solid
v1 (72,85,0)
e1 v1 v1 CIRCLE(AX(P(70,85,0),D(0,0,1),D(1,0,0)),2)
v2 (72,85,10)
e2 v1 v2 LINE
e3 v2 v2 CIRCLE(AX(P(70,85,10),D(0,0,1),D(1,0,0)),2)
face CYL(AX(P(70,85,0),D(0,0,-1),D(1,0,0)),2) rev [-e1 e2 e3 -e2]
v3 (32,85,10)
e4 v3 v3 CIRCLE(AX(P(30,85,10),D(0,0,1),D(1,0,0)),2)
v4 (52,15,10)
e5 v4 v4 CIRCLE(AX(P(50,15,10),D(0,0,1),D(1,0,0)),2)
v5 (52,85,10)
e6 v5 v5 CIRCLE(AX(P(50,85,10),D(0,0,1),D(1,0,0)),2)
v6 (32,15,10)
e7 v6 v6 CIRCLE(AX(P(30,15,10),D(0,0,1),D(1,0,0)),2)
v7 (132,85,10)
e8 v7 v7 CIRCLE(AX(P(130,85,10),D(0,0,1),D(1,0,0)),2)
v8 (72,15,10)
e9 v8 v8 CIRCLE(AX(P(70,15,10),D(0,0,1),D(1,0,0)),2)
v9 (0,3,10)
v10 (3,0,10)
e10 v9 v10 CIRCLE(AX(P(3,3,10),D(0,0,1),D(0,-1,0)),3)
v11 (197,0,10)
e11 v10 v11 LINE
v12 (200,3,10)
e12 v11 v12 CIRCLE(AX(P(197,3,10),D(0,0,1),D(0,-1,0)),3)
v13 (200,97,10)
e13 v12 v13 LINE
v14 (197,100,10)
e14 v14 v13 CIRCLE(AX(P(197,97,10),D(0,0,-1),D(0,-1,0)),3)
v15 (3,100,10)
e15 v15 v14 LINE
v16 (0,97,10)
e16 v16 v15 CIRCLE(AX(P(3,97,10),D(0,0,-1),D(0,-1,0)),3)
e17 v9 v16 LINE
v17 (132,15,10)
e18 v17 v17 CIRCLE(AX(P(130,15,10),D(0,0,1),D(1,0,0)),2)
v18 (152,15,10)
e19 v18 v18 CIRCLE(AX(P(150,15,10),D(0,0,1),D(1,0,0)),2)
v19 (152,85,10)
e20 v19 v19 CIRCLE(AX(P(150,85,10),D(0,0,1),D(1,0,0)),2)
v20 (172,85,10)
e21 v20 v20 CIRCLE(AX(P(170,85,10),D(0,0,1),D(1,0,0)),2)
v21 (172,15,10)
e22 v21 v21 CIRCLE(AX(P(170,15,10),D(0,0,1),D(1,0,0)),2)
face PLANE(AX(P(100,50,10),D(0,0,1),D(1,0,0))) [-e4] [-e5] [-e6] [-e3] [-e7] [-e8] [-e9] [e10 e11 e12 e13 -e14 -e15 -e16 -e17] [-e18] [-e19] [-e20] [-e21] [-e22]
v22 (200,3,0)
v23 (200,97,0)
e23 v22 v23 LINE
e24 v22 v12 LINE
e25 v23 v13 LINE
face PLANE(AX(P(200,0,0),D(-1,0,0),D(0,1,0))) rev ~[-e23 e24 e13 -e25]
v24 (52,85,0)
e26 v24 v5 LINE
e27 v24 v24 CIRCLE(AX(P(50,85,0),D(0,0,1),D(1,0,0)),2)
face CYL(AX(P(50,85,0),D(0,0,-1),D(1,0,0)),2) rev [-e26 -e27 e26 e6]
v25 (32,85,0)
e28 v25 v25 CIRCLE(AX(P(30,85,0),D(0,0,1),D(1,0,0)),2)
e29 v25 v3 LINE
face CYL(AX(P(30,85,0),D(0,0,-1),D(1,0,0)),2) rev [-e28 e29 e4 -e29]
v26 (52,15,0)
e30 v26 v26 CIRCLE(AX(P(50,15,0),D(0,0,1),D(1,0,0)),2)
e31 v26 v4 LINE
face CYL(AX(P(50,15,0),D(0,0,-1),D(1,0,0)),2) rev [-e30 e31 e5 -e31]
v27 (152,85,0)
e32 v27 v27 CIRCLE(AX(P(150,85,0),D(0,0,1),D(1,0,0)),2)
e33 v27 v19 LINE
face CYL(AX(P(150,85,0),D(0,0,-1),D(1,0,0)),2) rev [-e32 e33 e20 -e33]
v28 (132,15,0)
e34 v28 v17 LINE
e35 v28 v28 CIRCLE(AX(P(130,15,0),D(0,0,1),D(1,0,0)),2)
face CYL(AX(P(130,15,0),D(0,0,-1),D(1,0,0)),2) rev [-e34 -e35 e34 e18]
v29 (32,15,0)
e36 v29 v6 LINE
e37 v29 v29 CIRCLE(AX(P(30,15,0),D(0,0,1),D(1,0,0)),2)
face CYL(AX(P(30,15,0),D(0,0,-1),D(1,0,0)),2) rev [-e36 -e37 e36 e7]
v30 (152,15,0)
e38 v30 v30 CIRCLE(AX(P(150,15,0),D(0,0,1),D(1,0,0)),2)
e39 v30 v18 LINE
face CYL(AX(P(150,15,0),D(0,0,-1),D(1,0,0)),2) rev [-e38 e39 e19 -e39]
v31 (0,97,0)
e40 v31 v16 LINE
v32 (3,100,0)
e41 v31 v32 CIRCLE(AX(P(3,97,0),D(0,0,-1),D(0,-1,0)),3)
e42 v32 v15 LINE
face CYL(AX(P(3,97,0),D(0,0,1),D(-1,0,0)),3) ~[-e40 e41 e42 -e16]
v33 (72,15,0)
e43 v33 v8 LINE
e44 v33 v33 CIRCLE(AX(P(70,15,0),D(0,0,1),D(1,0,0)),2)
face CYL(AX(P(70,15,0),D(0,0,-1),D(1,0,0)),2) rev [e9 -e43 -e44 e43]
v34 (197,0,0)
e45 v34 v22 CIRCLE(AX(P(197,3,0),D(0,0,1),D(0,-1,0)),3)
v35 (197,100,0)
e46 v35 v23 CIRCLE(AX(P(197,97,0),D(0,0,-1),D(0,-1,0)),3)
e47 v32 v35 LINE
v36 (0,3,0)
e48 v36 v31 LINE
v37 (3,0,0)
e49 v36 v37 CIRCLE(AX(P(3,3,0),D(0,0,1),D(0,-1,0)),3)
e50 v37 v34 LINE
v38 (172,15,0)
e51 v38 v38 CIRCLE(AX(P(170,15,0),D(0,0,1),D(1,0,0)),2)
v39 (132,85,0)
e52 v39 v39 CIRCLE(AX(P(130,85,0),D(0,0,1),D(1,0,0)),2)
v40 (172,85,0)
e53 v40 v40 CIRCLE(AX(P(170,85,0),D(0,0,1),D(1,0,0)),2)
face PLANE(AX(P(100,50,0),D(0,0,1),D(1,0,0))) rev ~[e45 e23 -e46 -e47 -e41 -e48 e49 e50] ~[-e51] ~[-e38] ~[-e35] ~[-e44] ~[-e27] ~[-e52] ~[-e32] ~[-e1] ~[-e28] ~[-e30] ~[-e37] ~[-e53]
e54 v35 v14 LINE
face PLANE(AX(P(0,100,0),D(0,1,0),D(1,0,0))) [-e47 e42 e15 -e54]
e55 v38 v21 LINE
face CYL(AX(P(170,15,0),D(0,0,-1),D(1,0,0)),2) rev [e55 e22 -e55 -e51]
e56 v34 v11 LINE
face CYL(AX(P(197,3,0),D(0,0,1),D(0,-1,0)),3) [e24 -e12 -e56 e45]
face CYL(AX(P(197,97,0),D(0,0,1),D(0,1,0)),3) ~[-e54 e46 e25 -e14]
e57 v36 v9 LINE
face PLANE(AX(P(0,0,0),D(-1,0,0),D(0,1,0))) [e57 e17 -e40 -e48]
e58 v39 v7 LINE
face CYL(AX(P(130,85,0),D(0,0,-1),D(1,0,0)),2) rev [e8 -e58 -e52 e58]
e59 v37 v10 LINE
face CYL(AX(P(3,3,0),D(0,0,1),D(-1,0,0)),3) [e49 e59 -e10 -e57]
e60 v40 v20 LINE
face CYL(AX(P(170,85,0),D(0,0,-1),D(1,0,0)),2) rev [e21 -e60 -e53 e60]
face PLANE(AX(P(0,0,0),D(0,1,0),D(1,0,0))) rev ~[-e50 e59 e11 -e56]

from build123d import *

# Parameters (mm, degrees)
SKETCH_W  = 200
SKETCH_H  = 100
SKETCH_R  = 2
PAD_DEPTH = 10
FILLET_R  = 3


with BuildPart() as part:
    # Sketch → Pad (new body)
    with BuildSketch(Plane.XY):
        with Locations((100, 50)):
            Rectangle(SKETCH_W, SKETCH_H)
        with Locations((30, 85)):
            Circle(SKETCH_R, mode=Mode.SUBTRACT)
        with Locations((30, 15)):
            Circle(SKETCH_R, mode=Mode.SUBTRACT)
        with Locations((170, 85)):
            Circle(SKETCH_R, mode=Mode.SUBTRACT)
        with Locations((170, 15)):
            Circle(SKETCH_R, mode=Mode.SUBTRACT)
        with Locations((50, 85)):
            Circle(SKETCH_R, mode=Mode.SUBTRACT)
        with Locations((50, 15)):
            Circle(SKETCH_R, mode=Mode.SUBTRACT)
        with Locations((150, 85)):
            Circle(SKETCH_R, mode=Mode.SUBTRACT)
        with Locations((150, 15)):
            Circle(SKETCH_R, mode=Mode.SUBTRACT)
        with Locations((70, 85)):
            Circle(SKETCH_R, mode=Mode.SUBTRACT)
        with Locations((70, 15)):
            Circle(SKETCH_R, mode=Mode.SUBTRACT)
        with Locations((130, 15)):
            Circle(SKETCH_R, mode=Mode.SUBTRACT)
        with Locations((130, 85)):
            Circle(SKETCH_R, mode=Mode.SUBTRACT)
    extrude(amount=PAD_DEPTH)

    # Fillet
    fillet_edges = [part.edges().sort_by_distance(p)[0] for p in [
        (200, 0, 5),
        (0, 0, 5),
        (200, 100, 5),
        (0, 100, 5),
    ]]
    fillet(fillet_edges, radius=FILLET_R)


solid = part.part
